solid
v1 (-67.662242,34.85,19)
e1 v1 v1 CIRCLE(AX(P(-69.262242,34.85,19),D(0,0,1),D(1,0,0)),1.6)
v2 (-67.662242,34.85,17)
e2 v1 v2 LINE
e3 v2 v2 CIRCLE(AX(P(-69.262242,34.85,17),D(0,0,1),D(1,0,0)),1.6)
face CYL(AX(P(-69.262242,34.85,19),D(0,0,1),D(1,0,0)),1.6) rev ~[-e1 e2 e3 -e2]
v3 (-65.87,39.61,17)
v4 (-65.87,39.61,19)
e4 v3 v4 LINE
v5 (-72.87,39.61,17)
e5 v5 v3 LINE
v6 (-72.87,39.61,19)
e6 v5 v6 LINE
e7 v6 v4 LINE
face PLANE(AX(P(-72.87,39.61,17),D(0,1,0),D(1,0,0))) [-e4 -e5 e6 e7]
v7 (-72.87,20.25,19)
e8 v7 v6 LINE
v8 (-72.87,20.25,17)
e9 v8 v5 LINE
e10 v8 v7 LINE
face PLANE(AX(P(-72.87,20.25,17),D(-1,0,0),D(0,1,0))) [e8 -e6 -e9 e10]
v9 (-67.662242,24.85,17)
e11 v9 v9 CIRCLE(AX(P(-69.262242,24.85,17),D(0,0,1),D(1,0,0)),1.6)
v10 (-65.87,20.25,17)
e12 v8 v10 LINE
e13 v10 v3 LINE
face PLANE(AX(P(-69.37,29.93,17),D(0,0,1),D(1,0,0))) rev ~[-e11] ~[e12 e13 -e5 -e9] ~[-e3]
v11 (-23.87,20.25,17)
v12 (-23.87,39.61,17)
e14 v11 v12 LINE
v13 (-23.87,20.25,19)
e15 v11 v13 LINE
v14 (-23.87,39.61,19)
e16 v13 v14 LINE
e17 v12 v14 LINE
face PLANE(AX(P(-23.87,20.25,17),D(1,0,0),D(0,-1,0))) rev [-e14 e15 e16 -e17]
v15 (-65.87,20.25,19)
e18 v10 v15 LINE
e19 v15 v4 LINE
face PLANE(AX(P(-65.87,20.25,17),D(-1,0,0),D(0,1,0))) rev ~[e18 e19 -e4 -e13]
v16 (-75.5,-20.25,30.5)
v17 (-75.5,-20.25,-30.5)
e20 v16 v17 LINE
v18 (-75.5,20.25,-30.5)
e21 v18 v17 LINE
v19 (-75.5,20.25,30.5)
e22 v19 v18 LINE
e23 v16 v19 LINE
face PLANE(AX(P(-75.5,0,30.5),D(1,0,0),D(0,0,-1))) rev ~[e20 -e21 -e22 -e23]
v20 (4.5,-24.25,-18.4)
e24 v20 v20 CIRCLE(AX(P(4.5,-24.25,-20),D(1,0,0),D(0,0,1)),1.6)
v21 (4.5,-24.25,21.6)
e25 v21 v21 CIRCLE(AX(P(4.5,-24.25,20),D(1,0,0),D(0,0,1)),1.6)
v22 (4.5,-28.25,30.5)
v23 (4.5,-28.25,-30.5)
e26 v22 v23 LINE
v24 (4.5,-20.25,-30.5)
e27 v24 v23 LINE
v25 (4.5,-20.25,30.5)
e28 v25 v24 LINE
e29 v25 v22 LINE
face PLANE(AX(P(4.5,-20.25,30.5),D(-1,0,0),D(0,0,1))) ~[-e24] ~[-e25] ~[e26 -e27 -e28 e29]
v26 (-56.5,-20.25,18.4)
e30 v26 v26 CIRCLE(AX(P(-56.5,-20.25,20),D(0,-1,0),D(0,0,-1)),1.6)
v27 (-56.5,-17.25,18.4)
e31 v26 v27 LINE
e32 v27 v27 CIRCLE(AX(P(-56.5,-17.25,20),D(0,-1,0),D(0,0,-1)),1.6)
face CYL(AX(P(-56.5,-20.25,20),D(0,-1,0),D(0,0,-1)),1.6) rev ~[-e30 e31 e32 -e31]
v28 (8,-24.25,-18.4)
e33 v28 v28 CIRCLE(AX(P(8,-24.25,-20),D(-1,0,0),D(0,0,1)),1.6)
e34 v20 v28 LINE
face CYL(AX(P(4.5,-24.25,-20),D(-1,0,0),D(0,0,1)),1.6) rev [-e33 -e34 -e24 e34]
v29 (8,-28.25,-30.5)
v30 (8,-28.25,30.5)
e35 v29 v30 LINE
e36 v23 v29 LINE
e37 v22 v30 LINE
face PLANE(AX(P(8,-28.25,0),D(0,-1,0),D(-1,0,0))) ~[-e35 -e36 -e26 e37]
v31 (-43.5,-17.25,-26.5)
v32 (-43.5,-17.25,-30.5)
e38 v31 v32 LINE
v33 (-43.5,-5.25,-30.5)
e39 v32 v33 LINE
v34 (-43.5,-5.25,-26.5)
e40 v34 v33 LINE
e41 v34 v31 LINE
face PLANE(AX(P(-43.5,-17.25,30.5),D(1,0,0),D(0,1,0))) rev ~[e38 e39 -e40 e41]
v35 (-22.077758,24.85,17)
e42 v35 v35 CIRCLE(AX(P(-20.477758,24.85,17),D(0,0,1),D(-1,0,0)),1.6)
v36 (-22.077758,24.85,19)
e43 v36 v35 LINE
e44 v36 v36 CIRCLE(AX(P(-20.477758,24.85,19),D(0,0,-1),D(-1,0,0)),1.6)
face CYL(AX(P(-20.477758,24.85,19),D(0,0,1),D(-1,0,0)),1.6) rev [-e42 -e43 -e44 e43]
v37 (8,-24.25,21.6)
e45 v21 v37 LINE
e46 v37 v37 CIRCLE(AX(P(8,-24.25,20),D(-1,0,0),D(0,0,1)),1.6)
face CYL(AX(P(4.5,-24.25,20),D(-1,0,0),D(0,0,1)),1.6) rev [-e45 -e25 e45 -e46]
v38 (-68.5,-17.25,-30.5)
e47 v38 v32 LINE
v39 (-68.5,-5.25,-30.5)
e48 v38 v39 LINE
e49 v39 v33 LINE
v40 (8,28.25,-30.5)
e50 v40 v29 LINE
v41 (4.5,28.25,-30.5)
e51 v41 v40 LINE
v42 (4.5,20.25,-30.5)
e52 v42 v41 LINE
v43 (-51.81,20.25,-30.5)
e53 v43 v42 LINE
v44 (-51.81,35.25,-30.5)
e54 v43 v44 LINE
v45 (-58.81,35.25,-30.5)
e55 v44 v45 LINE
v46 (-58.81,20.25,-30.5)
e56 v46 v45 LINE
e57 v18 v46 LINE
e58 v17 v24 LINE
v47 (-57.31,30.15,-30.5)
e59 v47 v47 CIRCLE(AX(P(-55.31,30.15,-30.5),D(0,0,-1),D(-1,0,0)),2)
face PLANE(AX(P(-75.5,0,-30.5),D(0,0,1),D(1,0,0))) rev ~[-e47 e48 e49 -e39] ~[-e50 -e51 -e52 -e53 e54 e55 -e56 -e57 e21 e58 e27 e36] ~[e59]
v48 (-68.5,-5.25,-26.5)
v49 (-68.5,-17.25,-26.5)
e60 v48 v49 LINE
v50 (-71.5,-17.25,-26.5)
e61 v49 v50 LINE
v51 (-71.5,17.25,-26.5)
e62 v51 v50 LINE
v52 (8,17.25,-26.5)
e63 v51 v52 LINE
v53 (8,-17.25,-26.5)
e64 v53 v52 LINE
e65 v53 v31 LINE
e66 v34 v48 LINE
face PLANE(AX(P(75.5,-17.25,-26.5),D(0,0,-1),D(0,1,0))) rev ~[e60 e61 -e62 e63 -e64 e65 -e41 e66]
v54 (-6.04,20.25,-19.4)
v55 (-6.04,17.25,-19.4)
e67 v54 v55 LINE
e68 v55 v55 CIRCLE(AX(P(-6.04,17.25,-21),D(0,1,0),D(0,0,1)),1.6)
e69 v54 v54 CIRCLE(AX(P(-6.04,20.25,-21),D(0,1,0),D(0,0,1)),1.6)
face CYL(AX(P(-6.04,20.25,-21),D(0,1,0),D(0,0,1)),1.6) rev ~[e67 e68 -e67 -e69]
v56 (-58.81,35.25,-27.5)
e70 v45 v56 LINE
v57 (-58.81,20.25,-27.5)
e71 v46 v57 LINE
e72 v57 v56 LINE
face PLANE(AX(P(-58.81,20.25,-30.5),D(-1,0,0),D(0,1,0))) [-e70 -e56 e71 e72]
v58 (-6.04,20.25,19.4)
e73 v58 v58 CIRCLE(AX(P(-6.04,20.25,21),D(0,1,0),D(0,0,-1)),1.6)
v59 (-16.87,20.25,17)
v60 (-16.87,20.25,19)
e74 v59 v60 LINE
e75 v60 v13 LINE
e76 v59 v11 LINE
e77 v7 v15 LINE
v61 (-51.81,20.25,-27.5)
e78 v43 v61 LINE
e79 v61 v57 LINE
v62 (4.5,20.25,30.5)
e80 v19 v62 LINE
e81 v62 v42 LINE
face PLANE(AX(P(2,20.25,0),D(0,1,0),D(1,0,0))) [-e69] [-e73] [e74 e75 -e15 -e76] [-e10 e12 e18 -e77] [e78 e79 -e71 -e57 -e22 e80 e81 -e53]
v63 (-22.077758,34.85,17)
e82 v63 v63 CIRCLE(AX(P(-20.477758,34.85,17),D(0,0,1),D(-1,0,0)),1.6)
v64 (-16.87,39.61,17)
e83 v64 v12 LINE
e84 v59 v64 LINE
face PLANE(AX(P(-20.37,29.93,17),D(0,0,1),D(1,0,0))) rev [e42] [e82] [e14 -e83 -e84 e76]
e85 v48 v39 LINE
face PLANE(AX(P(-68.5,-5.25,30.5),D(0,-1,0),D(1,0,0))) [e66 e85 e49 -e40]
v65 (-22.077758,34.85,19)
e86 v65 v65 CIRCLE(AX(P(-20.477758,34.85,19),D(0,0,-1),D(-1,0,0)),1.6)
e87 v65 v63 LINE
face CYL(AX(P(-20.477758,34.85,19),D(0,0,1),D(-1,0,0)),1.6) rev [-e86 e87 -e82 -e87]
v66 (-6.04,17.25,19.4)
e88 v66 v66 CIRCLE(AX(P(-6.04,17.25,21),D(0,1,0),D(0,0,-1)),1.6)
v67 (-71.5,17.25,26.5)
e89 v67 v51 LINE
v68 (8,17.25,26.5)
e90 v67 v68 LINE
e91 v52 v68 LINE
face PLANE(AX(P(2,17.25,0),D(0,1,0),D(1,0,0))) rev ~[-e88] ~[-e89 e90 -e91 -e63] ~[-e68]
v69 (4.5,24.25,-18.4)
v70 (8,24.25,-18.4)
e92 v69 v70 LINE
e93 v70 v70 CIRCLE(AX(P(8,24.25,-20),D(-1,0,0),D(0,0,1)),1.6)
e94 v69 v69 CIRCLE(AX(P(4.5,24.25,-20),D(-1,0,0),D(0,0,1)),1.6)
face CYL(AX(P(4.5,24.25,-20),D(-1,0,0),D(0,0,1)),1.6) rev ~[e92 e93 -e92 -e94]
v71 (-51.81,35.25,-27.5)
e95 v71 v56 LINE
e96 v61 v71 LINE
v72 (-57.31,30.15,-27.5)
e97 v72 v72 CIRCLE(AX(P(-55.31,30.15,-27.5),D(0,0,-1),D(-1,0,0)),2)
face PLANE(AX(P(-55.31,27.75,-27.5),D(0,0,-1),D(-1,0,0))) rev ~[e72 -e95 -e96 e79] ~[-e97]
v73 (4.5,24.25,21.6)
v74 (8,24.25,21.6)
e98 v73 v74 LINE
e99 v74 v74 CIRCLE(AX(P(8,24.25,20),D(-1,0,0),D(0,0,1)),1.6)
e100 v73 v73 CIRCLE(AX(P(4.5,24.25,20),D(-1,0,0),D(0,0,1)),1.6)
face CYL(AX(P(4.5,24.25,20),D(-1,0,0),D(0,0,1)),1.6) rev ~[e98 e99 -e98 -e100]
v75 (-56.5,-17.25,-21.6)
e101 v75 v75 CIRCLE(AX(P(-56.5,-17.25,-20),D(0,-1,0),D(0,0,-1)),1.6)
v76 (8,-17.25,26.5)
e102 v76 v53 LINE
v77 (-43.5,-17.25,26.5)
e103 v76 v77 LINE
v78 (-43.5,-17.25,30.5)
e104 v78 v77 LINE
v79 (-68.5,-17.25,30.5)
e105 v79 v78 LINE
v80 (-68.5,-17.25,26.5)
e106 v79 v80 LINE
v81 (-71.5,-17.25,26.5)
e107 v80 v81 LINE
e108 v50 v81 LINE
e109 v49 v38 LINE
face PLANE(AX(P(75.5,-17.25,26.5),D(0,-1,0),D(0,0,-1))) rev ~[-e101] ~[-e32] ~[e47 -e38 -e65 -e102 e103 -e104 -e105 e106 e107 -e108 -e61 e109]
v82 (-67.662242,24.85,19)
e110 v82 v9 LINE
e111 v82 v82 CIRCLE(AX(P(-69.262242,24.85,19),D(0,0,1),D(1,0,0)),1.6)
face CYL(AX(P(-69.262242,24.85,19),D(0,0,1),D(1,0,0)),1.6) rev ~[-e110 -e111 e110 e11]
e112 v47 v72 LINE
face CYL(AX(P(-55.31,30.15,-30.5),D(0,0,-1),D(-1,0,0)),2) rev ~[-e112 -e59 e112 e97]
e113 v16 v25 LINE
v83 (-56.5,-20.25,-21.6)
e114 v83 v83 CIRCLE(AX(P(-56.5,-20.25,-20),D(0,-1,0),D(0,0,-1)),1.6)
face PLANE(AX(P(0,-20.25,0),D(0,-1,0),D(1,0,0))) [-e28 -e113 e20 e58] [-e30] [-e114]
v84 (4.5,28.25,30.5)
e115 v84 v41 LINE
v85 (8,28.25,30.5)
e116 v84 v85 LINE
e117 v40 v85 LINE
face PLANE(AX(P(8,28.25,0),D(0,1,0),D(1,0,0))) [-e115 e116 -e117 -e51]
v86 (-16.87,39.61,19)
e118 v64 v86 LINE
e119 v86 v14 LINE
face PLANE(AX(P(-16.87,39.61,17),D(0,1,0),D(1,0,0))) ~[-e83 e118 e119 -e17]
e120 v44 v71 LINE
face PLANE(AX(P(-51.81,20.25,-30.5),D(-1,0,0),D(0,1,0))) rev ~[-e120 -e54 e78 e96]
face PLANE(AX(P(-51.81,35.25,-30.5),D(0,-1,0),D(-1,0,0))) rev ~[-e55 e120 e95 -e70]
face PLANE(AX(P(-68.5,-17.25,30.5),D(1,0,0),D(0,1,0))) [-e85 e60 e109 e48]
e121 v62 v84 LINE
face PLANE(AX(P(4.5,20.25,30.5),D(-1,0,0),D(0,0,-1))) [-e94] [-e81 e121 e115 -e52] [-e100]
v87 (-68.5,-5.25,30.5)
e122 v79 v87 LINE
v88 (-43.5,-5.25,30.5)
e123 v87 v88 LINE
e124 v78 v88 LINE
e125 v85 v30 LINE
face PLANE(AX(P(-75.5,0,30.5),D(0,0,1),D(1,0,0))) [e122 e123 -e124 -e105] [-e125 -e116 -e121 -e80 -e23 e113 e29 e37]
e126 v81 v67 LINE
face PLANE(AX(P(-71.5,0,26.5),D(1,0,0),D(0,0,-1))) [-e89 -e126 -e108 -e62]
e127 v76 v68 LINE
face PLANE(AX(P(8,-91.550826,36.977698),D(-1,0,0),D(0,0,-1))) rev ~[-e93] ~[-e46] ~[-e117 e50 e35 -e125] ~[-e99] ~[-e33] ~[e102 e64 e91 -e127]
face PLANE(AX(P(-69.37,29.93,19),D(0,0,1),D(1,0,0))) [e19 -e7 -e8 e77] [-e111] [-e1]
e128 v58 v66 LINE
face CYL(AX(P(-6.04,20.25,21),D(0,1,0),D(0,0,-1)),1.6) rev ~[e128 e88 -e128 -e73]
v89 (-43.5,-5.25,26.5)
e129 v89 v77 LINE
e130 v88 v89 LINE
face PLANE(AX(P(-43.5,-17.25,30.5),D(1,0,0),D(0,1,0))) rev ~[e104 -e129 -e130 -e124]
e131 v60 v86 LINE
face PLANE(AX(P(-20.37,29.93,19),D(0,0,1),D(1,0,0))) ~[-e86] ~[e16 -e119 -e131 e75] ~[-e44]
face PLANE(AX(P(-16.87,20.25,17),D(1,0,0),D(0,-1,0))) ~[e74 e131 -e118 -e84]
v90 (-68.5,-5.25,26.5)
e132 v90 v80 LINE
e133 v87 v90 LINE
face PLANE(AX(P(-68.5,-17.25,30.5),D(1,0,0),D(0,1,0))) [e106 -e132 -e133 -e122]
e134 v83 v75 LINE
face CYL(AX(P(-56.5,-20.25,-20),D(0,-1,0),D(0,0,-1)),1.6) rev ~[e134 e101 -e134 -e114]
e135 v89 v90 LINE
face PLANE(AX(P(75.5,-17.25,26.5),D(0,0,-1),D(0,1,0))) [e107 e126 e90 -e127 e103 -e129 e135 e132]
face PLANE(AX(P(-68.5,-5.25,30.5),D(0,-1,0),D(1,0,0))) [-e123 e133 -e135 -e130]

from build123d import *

# Parameters (mm, degrees)
SKETCH1_W                = 151
SKETCH1_H                = 61
SKETCH1_W_2              = 143
SKETCH1_H_2              = 53
BOSS_EXTRUDE1_DEPTH      = 20.25
SKETCH2_W                = 143
SKETCH2_H                = 53
BOSS_EXTRUDE2_DEPTH      = 3
SKETCH7_W                = 53
SKETCH7_H                = 37.5
CUT_EXTRUDE3_DEPTH       = 4
SKETCH9_W                = 147
SKETCH9_H                = 53
BOSS_EXTRUDE3_DEPTH      = 3
CUT_EXTRUDE4_REACH       = 92.944
SKETCH10_R               = 1.6
SKETCH12_R               = 1.55
CUT_EXTRUDE6_DEPTH       = 100.152975245
SKETCH13_W               = 7
SKETCH13_H               = 19.36
BOSS_EXTRUDE4_DEPTH      = 2
SKETCH16_R               = 1.6
CUT_EXTRUDE7_DEPTH       = 10
SKETCH17_W               = 7
SKETCH17_H               = 15
SKETCH17_R               = 2
BOSS_EXTRUDE5_DEPTH      = 3
SKETCH18_R               = 1.6
CUT_EXTRUDE8_DEPTH       = 10
SKETCH19_W               = 25
SKETCH19_H               = 12
CUT_EXTRUDE9_DEPTH       = 105.834164756
SKETCH20_W               = 7
SKETCH20_H               = 61
BOSS_EXTRUDE6_DEPTH      = 8
CUT_EXTRUDE10_REACH      = 96.336
SKETCH21_R               = 1.6
CUT_EXTRUDE11_DEPTH      = 91.550826059
CUT_EXTRUDE11_DEPTH_BACK = 91.550826059
SKETCH22_W               = 75.430215925
SKETCH22_H               = 73.955491088


with BuildPart() as part:
    # Sketch1 → Boss-Extrude1 (new, symmetric)
    with BuildSketch(Plane(origin=(0, 0, 0), x_dir=(1, 0, 0), z_dir=(0, 1, 0))):
        Rectangle(SKETCH1_W, SKETCH1_H)
        Rectangle(SKETCH1_W_2, SKETCH1_H_2, mode=Mode.SUBTRACT)
    extrude(amount=BOSS_EXTRUDE1_DEPTH, both=True)

    # Sketch2 → Boss-Extrude2 (add)
    with BuildSketch(Plane.XZ.offset(20.25)):
        Rectangle(SKETCH2_W, SKETCH2_H)
    extrude(amount=-BOSS_EXTRUDE2_DEPTH)

    # Sketch7 → Cut-Extrude3 (cut)
    with BuildSketch(Plane(origin=(75.5, 0, 0), x_dir=(0, 0, -1), z_dir=(1, 0, 0))):
        with Locations((0, 1.5)):
            Rectangle(SKETCH7_W, SKETCH7_H)
    extrude(amount=-CUT_EXTRUDE3_DEPTH, mode=Mode.SUBTRACT)

    # Sketch9 → Boss-Extrude3 (add)
    with BuildSketch(Plane(origin=(0, 20.25, 0), x_dir=(1, 0, 0), z_dir=(0, 1, 0))):
        with Locations((2, 0)):
            Rectangle(SKETCH9_W, SKETCH9_H)
    extrude(amount=-BOSS_EXTRUDE3_DEPTH)

    # Sketch10 → Cut-Extrude4 (cut, up to next)
    with BuildSketch(Plane(origin=(0, 20.25, 0), x_dir=(1, 0, 0), z_dir=(0, 1, 0)), mode=Mode.PRIVATE) as cut_extrude4_sk1:
        with Locations(Location((60, 24.1, 0), (0, 0, 270))):
            Circle(SKETCH10_R)
    cut_extrude4_tool1 = extrude(cut_extrude4_sk1.sketch, amount=-CUT_EXTRUDE4_REACH, mode=Mode.PRIVATE) & part.part
    # Sketch10 → Cut-Extrude4 (cut, up to next)
    with BuildSketch(Plane(origin=(0, 20.25, 0), x_dir=(1, 0, 0), z_dir=(0, 1, 0)), mode=Mode.PRIVATE) as cut_extrude4_sk2:
        with Locations(Location((60, -24.1, 0), (0, 0, 90))):
            Circle(SKETCH10_R)
    cut_extrude4_tool2 = extrude(cut_extrude4_sk2.sketch, amount=-CUT_EXTRUDE4_REACH, mode=Mode.PRIVATE) & part.part
    # Sketch10 → Cut-Extrude4 (cut, up to next)
    with BuildSketch(Plane(origin=(0, 20.25, 0), x_dir=(1, 0, 0), z_dir=(0, 1, 0)), mode=Mode.PRIVATE) as cut_extrude4_sk3:
        with Locations(Location((-6.04, 21, 0), (0, 0, 270))):
            Circle(SKETCH10_R)
    cut_extrude4_tool3 = extrude(cut_extrude4_sk3.sketch, amount=-CUT_EXTRUDE4_REACH, mode=Mode.PRIVATE) & part.part
    # Sketch10 → Cut-Extrude4 (cut, up to next)
    with BuildSketch(Plane(origin=(0, 20.25, 0), x_dir=(1, 0, 0), z_dir=(0, 1, 0)), mode=Mode.PRIVATE) as cut_extrude4_sk4:
        with Locations(Location((-6.04, -21, 0), (0, 0, 90))):
            Circle(SKETCH10_R)
    cut_extrude4_tool4 = extrude(cut_extrude4_sk4.sketch, amount=-CUT_EXTRUDE4_REACH, mode=Mode.PRIVATE) & part.part
    add(cut_extrude4_tool1.solids().sort_by_distance((60, 20.25, -24.1))[0], mode=Mode.SUBTRACT)
    add(cut_extrude4_tool2.solids().sort_by_distance((60, 20.25, 24.1))[0], mode=Mode.SUBTRACT)
    add(cut_extrude4_tool3.solids().sort_by_distance((-6.04, 20.25, -21))[0], mode=Mode.SUBTRACT)
    add(cut_extrude4_tool4.solids().sort_by_distance((-6.04, 20.25, 21))[0], mode=Mode.SUBTRACT)

    # Sketch12 → Cut-Extrude6 (cut, through all)
    with BuildSketch(Plane.XY.offset(30.5)):
        with Locations((67.445205237, 4.65)):
            Circle(SKETCH12_R)
        with Locations((67.445205237, -4.65)):
            Circle(SKETCH12_R)
        with Locations((17.545205237, 4.65)):
            Circle(SKETCH12_R)
        with Locations((17.545205237, -4.65)):
            Circle(SKETCH12_R)
    extrude(amount=-CUT_EXTRUDE6_DEPTH, mode=Mode.SUBTRACT)

    # Sketch13 → Boss-Extrude4 (add)
    with BuildSketch(Plane.XY.offset(17)):
        with Locations((-69.37, 29.93)):
            Rectangle(SKETCH13_W, SKETCH13_H)
    boss_extrude4 = extrude(amount=BOSS_EXTRUDE4_DEPTH)

    # Sketch16 → Cut-Extrude7 (cut)
    with BuildSketch(Plane.XY.offset(19)):
        with Locations((-69.262241782, 24.85)):
            Circle(SKETCH16_R)
        with Locations((-69.262241782, 34.85)):
            Circle(SKETCH16_R)
    cut_extrude7 = extrude(amount=-CUT_EXTRUDE7_DEPTH, mode=Mode.SUBTRACT)

    # Mirror1: Boss-Extrude4, Cut-Extrude7 across plane
    add(boss_extrude4.mirror(Plane(origin=(-44.87, 0, 0), x_dir=(0, 0, 1), z_dir=(1, 0, 0))))
    add(cut_extrude7.mirror(Plane(origin=(-44.87, 0, 0), x_dir=(0, 0, 1), z_dir=(1, 0, 0))), mode=Mode.SUBTRACT)

    # Sketch17 → Boss-Extrude5 (add)
    with BuildSketch(Plane(origin=(0, 0, -30.5), x_dir=(-1, 0, 0), z_dir=(0, 0, -1))):
        with Locations((55.31, 27.75)):
            Rectangle(SKETCH17_W, SKETCH17_H)
        with Locations((55.31, 30.15)):
            Circle(SKETCH17_R, mode=Mode.SUBTRACT)
    extrude(amount=-BOSS_EXTRUDE5_DEPTH)

    # Sketch18 → Cut-Extrude8 (cut)
    with BuildSketch(Plane.XZ.offset(20.25)):
        with Locations(Location((-56.5, 20, 0), (0, 0, 270))):
            Circle(SKETCH18_R)
        with Locations(Location((-56.5, -20, 0), (0, 0, 270))):
            Circle(SKETCH18_R)
    extrude(amount=-CUT_EXTRUDE8_DEPTH, mode=Mode.SUBTRACT)

    # Sketch19 → Cut-Extrude9 (cut, through all)
    with BuildSketch(Plane.XY.offset(30.5)):
        with Locations((-56, -11.25)):
            Rectangle(SKETCH19_W, SKETCH19_H)
    extrude(amount=-CUT_EXTRUDE9_DEPTH, mode=Mode.SUBTRACT)

    # Sketch20 → Boss-Extrude6 (add)
    with BuildSketch(Plane(origin=(0, 20.25, 0), x_dir=(1, 0, 0), z_dir=(0, 1, 0))):
        with Locations((8, 0)):
            Rectangle(SKETCH20_W, SKETCH20_H)
    boss_extrude6 = extrude(amount=BOSS_EXTRUDE6_DEPTH)

    # Sketch21 → Cut-Extrude10 (cut, up to next)
    with BuildSketch(Plane.ZY.offset(-4.5), mode=Mode.PRIVATE) as cut_extrude10_sk1:
        with Locations((-20, 24.25)):
            Circle(SKETCH21_R)
    cut_extrude10_tool1 = extrude(cut_extrude10_sk1.sketch, amount=-CUT_EXTRUDE10_REACH, mode=Mode.PRIVATE) & part.part
    # Sketch21 → Cut-Extrude10 (cut, up to next)
    with BuildSketch(Plane.ZY.offset(-4.5), mode=Mode.PRIVATE) as cut_extrude10_sk2:
        with Locations((20, 24.25)):
            Circle(SKETCH21_R)
    cut_extrude10_tool2 = extrude(cut_extrude10_sk2.sketch, amount=-CUT_EXTRUDE10_REACH, mode=Mode.PRIVATE) & part.part
    cut_extrude10_1 = cut_extrude10_tool1.solids().sort_by_distance((4.5, 24.25, -20))[0]
    add(cut_extrude10_1, mode=Mode.SUBTRACT)
    cut_extrude10_2 = cut_extrude10_tool2.solids().sort_by_distance((4.5, 24.25, 20))[0]
    add(cut_extrude10_2, mode=Mode.SUBTRACT)
    cut_extrude10 = cut_extrude10_1 + cut_extrude10_2  # Cut-Extrude10 as one shape, for the pattern or mirror that repeats it

    # Mirror2: Boss-Extrude6, Cut-Extrude10 across plane
    add(boss_extrude6.mirror(Plane.ZX))
    add(cut_extrude10.mirror(Plane.ZX), mode=Mode.SUBTRACT)

    # Sketch22 → Cut-Extrude11 (cut, two sides: drawn at the far end of the back side and taken through both)
    with BuildSketch(Plane(origin=(0, 0, 0), x_dir=(1, 0, 0), z_dir=(0, 1, 0)).offset(-CUT_EXTRUDE11_DEPTH_BACK)):
        with Locations((45.715107962, 4.7681e-05)):
            Rectangle(SKETCH22_W, SKETCH22_H)
    extrude(amount=CUT_EXTRUDE11_DEPTH + CUT_EXTRUDE11_DEPTH_BACK, mode=Mode.SUBTRACT)


solid = part.part
